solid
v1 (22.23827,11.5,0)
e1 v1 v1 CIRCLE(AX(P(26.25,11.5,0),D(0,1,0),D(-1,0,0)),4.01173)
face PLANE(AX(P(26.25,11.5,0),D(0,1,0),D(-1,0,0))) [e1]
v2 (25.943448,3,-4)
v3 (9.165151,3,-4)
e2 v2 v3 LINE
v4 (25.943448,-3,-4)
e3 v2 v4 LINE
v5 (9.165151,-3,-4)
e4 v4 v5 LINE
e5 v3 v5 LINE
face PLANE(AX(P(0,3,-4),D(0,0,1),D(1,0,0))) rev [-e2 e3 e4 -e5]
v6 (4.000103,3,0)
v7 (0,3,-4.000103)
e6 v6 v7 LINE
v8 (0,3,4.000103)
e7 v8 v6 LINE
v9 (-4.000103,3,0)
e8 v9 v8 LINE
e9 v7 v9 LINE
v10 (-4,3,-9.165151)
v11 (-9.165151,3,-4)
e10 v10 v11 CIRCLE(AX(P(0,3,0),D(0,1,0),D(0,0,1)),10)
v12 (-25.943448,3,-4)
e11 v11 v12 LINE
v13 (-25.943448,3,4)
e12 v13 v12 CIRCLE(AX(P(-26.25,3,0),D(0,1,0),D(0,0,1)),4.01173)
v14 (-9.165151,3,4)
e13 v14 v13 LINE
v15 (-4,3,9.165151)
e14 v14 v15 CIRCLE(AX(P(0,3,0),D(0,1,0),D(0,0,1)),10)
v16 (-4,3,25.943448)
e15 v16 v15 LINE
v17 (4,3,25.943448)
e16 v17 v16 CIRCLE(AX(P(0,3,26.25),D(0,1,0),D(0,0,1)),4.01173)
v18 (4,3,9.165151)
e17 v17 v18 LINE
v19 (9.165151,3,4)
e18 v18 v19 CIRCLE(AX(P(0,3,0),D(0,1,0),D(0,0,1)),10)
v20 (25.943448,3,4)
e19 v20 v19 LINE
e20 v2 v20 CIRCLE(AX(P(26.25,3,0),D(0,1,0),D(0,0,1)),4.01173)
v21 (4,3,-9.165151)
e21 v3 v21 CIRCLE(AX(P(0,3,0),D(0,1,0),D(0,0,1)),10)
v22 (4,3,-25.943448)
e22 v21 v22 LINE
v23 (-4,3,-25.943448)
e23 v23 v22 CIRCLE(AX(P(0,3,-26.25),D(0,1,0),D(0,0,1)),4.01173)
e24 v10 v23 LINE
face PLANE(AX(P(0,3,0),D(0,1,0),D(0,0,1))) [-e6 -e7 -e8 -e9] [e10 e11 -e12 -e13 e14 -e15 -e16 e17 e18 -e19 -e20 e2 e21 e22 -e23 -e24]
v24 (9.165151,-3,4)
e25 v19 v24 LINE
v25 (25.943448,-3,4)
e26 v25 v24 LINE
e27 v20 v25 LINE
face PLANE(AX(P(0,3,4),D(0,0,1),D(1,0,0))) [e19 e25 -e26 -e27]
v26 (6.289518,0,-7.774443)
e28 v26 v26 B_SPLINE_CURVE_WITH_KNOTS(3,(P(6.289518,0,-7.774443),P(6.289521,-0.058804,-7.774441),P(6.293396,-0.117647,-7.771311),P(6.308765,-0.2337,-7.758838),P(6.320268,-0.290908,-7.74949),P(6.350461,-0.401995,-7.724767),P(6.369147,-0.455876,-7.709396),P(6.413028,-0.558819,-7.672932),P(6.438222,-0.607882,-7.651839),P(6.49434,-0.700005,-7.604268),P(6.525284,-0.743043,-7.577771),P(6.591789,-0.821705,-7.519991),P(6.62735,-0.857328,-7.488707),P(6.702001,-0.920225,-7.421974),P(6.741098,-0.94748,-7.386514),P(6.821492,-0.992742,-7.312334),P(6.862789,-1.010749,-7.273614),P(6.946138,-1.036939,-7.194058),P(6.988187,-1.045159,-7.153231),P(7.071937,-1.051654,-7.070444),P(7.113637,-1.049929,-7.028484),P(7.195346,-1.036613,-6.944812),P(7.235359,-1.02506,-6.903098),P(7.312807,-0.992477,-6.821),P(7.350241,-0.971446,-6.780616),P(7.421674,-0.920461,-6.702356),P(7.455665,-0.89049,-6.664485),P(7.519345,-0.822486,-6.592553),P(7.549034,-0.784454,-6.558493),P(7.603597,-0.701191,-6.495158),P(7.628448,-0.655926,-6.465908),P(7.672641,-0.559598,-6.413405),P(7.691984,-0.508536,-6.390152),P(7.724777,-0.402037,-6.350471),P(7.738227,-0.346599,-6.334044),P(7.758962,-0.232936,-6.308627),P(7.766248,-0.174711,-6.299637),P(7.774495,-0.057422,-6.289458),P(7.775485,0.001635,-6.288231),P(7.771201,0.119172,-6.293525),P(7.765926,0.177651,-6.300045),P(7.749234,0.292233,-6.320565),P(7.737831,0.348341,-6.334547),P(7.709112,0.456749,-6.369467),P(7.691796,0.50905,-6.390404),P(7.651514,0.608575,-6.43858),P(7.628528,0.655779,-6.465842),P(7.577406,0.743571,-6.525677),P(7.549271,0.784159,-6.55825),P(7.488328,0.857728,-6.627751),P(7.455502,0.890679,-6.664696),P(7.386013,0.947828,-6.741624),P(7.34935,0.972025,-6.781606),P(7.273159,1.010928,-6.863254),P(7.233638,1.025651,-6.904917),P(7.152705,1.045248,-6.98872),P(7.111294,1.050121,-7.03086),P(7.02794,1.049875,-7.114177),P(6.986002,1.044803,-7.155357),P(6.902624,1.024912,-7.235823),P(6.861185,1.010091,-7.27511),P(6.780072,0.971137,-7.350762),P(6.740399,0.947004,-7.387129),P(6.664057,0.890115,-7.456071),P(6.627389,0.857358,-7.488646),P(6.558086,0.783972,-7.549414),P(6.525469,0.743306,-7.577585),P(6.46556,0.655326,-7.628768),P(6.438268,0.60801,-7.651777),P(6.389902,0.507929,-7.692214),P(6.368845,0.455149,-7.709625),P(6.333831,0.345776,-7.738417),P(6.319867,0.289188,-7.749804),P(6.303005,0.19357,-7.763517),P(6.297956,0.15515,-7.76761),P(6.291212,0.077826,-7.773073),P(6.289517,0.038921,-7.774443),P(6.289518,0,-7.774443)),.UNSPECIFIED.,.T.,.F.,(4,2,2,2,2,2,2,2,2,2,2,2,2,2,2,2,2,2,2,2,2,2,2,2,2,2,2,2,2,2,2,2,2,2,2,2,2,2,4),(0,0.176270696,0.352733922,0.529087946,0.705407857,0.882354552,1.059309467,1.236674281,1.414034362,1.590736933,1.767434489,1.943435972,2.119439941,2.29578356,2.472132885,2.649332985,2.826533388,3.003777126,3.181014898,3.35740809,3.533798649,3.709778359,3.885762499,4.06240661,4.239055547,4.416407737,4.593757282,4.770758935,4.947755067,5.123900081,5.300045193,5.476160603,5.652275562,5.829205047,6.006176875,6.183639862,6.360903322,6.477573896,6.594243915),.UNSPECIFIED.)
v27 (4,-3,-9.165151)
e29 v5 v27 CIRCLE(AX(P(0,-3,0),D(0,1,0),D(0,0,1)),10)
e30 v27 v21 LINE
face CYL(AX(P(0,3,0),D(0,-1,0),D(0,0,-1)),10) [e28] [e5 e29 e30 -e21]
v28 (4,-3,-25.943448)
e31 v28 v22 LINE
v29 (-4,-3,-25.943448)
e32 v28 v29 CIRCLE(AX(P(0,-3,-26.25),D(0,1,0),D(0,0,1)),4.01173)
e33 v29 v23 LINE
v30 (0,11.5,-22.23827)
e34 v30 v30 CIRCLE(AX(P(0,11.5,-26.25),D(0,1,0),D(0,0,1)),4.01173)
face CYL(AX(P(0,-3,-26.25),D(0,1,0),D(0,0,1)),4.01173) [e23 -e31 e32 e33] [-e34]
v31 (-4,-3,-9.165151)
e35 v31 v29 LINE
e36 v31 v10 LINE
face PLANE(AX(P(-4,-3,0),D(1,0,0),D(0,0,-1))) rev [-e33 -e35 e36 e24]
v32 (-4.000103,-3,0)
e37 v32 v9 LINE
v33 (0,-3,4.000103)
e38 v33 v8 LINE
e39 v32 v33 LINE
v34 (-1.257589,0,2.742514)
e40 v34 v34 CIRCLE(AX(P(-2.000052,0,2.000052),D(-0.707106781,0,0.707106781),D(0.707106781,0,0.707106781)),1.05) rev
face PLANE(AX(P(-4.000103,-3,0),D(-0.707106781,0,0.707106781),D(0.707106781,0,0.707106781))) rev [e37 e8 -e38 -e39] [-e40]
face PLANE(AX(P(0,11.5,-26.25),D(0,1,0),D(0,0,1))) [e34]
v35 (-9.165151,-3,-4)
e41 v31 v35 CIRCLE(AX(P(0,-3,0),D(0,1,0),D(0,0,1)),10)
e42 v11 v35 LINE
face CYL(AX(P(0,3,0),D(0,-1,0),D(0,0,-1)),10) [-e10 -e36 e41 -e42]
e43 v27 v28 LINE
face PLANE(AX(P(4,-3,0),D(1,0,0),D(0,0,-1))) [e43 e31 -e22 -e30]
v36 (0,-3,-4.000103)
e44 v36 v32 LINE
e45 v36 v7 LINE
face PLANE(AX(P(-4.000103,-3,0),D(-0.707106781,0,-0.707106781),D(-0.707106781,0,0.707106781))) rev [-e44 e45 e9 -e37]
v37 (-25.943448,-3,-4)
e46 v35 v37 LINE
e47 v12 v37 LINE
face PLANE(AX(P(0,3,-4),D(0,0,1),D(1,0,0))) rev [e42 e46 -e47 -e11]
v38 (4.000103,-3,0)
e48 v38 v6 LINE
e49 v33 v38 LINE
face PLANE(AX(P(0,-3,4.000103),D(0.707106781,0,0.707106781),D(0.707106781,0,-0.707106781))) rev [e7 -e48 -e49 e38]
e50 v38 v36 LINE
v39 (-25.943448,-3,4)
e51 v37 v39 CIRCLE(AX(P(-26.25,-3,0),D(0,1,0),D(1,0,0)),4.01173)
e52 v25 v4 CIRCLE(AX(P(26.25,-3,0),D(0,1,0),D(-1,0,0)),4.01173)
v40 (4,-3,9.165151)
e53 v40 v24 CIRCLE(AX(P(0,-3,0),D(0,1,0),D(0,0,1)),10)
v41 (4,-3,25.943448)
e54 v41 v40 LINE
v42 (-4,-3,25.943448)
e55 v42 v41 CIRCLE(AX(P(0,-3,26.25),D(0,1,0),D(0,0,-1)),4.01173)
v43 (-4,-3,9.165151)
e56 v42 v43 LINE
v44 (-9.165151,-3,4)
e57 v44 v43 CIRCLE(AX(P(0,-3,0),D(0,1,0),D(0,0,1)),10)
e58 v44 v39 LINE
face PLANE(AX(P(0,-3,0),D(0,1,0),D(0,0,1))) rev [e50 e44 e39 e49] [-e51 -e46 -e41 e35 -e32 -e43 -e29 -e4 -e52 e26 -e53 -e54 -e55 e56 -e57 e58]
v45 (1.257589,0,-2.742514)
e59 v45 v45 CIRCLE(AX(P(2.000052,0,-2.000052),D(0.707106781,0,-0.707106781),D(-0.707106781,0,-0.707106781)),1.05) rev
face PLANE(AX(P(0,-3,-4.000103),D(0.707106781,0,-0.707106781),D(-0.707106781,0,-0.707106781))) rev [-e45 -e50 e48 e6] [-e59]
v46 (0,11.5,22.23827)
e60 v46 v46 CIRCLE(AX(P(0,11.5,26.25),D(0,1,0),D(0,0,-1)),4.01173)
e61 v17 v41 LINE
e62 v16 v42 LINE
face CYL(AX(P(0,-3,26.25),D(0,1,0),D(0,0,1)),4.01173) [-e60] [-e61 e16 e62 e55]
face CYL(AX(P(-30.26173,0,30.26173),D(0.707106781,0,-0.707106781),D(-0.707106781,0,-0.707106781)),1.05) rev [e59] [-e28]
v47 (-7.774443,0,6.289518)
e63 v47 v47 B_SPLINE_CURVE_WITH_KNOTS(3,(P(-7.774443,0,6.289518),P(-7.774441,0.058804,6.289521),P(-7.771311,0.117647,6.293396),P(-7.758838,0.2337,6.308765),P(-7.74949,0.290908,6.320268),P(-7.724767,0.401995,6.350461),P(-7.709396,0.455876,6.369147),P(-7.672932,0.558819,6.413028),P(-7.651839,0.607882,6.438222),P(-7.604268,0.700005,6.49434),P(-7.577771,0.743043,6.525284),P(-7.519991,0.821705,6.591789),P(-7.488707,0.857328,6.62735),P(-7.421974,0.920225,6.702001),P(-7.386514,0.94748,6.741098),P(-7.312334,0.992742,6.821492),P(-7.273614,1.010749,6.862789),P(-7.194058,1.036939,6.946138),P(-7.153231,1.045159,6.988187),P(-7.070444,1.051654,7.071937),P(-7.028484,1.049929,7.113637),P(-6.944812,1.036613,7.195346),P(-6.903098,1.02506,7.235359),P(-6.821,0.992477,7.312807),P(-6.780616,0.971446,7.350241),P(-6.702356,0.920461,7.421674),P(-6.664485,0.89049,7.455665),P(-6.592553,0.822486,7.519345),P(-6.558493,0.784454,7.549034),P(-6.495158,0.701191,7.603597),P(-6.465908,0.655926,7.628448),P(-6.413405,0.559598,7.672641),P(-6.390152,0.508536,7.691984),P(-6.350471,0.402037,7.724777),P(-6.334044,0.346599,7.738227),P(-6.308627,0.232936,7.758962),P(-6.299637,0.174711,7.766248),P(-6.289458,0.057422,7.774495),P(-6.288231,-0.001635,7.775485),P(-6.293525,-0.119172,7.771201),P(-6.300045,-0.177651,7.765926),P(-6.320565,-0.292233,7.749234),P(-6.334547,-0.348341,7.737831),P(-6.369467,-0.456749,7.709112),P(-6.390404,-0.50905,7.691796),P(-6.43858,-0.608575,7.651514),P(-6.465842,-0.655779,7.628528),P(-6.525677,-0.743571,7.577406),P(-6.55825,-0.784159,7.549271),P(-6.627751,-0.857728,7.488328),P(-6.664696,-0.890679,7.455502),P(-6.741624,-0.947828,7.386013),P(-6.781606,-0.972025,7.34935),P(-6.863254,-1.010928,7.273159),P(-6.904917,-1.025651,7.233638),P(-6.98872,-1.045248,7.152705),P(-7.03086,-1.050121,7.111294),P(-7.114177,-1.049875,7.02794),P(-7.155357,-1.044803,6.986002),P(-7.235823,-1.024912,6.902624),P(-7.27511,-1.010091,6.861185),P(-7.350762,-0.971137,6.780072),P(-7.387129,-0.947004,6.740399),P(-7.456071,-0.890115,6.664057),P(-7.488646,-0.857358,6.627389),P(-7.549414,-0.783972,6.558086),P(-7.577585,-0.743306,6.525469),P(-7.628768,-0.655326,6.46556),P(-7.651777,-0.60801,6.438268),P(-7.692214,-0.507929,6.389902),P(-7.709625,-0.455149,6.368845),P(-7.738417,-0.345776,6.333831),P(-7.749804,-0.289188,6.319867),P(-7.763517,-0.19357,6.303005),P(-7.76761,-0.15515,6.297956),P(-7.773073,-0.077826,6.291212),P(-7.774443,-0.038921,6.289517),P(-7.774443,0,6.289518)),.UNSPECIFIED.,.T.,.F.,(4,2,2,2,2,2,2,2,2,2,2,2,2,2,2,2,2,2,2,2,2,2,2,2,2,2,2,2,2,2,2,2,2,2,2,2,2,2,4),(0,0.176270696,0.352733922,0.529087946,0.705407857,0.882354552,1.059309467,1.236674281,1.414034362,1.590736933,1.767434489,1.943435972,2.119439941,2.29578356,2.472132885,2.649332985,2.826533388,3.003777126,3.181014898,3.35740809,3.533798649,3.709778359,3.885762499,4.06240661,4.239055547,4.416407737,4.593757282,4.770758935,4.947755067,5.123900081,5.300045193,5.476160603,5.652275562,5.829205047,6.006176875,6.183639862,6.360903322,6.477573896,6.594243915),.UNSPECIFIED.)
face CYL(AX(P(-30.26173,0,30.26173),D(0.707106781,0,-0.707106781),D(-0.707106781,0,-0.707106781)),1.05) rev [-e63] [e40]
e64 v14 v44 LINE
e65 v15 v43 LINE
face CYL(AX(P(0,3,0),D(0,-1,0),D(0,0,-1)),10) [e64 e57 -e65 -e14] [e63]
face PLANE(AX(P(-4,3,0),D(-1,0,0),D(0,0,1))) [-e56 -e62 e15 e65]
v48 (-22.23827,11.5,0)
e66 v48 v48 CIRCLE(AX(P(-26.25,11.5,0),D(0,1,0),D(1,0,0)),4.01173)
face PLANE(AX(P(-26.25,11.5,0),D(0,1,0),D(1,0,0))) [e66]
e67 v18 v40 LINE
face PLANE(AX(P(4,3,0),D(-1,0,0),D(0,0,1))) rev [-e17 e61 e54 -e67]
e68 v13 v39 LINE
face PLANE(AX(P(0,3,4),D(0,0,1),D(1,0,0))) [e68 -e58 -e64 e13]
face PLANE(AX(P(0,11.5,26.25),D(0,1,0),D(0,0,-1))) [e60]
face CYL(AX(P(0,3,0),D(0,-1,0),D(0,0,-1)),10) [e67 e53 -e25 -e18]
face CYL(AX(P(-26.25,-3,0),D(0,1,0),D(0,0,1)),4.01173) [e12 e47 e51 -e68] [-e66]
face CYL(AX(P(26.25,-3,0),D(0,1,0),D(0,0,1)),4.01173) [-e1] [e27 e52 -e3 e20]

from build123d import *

# Parameters (mm, degrees)
BOSS_EXTRU_1_DEPTH           = 3
BOSS_EXTRU_1_DEPTH_BACK      = 3
BOSS_EXTRU_2_START           = -6
ESQUISSE2_R                  = 4.01172956
BOSS_EXTRU_2_DEPTH           = 14.5
R_P_TITION_CIRCULAIRE1_COUNT = 4
ESQUISSE3_R                  = 1.05
ENL_V_MAT_EXTRU_1_DEPTH      = 43.796548364
ENL_V_MAT_EXTRU_1_DEPTH_BACK = 43.796548364
ENL_V_MAT_EXTRU_2_DEPTH      = 12.5
ENL_V_MAT_EXTRU_2_DEPTH_BACK = 4.0000001


with BuildPart() as part:
    # Esquisse1 → Boss.-Extru.1 (new body, two sides)
    with BuildSketch(Plane(origin=(0, 0, 0), x_dir=(1, 0, 0), z_dir=(0, 1, 0))) as boss_extru_1_sk:
        with BuildLine():
            Line((4, -25.943448113), (4, -9.16515139))
            ThreePointArc((4, -9.16515139), (7.071067812, -7.071067812), (9.16515139, -4))
            Line((9.16515139, -4), (25.943448113, -4))
            ThreePointArc((25.943448113, -4), (26.25, 0), (25.943448113, 4))
            Line((25.943448113, 4), (9.16515139, 4))
            ThreePointArc((9.16515139, 4), (7.071067812, 7.071067812), (4, 9.16515139))
            Line((4, 9.16515139), (4, 25.943448113))
            ThreePointArc((4, 25.943448113), (0, 26.25), (-4, 25.943448113))
            Line((-4, 25.943448113), (-4, 9.16515139))
            ThreePointArc((-4, 9.16515139), (-7.071067812, 7.071067812), (-9.16515139, 4))
            Line((-9.16515139, 4), (-25.943448113, 4))
            ThreePointArc((-25.943448113, 4), (-26.25, 0), (-25.943448113, -4))
            Line((-25.943448113, -4), (-9.16515139, -4))
            ThreePointArc((-9.16515139, -4), (-7.071067812, -7.071067812), (-4, -9.16515139))
            Line((-4, -9.16515139), (-4, -25.943448113))
            ThreePointArc((-4, -25.943448113), (0, -26.25), (4, -25.943448113))
        make_face()
    extrude(amount=BOSS_EXTRU_1_DEPTH)
    extrude(boss_extru_1_sk.sketch, amount=-BOSS_EXTRU_1_DEPTH_BACK)

    # Esquisse2 → Boss.-Extru.2 (add)
    with BuildSketch(Plane(origin=(0, 3, 0), x_dir=(1, 0, 0), z_dir=(0, 1, 0)).offset(BOSS_EXTRU_2_START)):
        with Locations((0, 26.25)):
            Circle(ESQUISSE2_R)
    boss_extru_2 = extrude(amount=BOSS_EXTRU_2_DEPTH)

    # Répétition circulaire1: Boss.-Extru.2 ×4 about axis
    r_p_tition_circulaire1_axis = Axis((0, 0, 0), (0, 1, 0))
    for i in range(1, R_P_TITION_CIRCULAIRE1_COUNT):
        add(boss_extru_2.rotate(r_p_tition_circulaire1_axis, i * 360 / R_P_TITION_CIRCULAIRE1_COUNT))

    # Esquisse3 → Enlèv. mat.-Extru.1 (cut, two sides)
    with BuildSketch(Plane(origin=(0, 0, 0), x_dir=(-0.707106781, 0, -0.707106781), z_dir=(0.707106781, 0, -0.707106781))) as enl_v_mat_extru_1_sk:
        Circle(ESQUISSE3_R)
    extrude(amount=ENL_V_MAT_EXTRU_1_DEPTH, mode=Mode.SUBTRACT)
    extrude(enl_v_mat_extru_1_sk.sketch, amount=-ENL_V_MAT_EXTRU_1_DEPTH_BACK, mode=Mode.SUBTRACT)

    # Esquisse4 → Enlèv. mat.-Extru.2 (cut, two sides)
    with BuildSketch(Plane(origin=(0, 0, 0), x_dir=(1, 0, 0), z_dir=(0, 1, 0))) as enl_v_mat_extru_2_sk:
        Polygon((-4.000103061, 0), (0, 4.000103061), (4.000103061, 0), (0, -4.000103061), align=None)
    extrude(amount=ENL_V_MAT_EXTRU_2_DEPTH, mode=Mode.SUBTRACT)
    extrude(enl_v_mat_extru_2_sk.sketch, amount=-ENL_V_MAT_EXTRU_2_DEPTH_BACK, mode=Mode.SUBTRACT)


solid = part.part
